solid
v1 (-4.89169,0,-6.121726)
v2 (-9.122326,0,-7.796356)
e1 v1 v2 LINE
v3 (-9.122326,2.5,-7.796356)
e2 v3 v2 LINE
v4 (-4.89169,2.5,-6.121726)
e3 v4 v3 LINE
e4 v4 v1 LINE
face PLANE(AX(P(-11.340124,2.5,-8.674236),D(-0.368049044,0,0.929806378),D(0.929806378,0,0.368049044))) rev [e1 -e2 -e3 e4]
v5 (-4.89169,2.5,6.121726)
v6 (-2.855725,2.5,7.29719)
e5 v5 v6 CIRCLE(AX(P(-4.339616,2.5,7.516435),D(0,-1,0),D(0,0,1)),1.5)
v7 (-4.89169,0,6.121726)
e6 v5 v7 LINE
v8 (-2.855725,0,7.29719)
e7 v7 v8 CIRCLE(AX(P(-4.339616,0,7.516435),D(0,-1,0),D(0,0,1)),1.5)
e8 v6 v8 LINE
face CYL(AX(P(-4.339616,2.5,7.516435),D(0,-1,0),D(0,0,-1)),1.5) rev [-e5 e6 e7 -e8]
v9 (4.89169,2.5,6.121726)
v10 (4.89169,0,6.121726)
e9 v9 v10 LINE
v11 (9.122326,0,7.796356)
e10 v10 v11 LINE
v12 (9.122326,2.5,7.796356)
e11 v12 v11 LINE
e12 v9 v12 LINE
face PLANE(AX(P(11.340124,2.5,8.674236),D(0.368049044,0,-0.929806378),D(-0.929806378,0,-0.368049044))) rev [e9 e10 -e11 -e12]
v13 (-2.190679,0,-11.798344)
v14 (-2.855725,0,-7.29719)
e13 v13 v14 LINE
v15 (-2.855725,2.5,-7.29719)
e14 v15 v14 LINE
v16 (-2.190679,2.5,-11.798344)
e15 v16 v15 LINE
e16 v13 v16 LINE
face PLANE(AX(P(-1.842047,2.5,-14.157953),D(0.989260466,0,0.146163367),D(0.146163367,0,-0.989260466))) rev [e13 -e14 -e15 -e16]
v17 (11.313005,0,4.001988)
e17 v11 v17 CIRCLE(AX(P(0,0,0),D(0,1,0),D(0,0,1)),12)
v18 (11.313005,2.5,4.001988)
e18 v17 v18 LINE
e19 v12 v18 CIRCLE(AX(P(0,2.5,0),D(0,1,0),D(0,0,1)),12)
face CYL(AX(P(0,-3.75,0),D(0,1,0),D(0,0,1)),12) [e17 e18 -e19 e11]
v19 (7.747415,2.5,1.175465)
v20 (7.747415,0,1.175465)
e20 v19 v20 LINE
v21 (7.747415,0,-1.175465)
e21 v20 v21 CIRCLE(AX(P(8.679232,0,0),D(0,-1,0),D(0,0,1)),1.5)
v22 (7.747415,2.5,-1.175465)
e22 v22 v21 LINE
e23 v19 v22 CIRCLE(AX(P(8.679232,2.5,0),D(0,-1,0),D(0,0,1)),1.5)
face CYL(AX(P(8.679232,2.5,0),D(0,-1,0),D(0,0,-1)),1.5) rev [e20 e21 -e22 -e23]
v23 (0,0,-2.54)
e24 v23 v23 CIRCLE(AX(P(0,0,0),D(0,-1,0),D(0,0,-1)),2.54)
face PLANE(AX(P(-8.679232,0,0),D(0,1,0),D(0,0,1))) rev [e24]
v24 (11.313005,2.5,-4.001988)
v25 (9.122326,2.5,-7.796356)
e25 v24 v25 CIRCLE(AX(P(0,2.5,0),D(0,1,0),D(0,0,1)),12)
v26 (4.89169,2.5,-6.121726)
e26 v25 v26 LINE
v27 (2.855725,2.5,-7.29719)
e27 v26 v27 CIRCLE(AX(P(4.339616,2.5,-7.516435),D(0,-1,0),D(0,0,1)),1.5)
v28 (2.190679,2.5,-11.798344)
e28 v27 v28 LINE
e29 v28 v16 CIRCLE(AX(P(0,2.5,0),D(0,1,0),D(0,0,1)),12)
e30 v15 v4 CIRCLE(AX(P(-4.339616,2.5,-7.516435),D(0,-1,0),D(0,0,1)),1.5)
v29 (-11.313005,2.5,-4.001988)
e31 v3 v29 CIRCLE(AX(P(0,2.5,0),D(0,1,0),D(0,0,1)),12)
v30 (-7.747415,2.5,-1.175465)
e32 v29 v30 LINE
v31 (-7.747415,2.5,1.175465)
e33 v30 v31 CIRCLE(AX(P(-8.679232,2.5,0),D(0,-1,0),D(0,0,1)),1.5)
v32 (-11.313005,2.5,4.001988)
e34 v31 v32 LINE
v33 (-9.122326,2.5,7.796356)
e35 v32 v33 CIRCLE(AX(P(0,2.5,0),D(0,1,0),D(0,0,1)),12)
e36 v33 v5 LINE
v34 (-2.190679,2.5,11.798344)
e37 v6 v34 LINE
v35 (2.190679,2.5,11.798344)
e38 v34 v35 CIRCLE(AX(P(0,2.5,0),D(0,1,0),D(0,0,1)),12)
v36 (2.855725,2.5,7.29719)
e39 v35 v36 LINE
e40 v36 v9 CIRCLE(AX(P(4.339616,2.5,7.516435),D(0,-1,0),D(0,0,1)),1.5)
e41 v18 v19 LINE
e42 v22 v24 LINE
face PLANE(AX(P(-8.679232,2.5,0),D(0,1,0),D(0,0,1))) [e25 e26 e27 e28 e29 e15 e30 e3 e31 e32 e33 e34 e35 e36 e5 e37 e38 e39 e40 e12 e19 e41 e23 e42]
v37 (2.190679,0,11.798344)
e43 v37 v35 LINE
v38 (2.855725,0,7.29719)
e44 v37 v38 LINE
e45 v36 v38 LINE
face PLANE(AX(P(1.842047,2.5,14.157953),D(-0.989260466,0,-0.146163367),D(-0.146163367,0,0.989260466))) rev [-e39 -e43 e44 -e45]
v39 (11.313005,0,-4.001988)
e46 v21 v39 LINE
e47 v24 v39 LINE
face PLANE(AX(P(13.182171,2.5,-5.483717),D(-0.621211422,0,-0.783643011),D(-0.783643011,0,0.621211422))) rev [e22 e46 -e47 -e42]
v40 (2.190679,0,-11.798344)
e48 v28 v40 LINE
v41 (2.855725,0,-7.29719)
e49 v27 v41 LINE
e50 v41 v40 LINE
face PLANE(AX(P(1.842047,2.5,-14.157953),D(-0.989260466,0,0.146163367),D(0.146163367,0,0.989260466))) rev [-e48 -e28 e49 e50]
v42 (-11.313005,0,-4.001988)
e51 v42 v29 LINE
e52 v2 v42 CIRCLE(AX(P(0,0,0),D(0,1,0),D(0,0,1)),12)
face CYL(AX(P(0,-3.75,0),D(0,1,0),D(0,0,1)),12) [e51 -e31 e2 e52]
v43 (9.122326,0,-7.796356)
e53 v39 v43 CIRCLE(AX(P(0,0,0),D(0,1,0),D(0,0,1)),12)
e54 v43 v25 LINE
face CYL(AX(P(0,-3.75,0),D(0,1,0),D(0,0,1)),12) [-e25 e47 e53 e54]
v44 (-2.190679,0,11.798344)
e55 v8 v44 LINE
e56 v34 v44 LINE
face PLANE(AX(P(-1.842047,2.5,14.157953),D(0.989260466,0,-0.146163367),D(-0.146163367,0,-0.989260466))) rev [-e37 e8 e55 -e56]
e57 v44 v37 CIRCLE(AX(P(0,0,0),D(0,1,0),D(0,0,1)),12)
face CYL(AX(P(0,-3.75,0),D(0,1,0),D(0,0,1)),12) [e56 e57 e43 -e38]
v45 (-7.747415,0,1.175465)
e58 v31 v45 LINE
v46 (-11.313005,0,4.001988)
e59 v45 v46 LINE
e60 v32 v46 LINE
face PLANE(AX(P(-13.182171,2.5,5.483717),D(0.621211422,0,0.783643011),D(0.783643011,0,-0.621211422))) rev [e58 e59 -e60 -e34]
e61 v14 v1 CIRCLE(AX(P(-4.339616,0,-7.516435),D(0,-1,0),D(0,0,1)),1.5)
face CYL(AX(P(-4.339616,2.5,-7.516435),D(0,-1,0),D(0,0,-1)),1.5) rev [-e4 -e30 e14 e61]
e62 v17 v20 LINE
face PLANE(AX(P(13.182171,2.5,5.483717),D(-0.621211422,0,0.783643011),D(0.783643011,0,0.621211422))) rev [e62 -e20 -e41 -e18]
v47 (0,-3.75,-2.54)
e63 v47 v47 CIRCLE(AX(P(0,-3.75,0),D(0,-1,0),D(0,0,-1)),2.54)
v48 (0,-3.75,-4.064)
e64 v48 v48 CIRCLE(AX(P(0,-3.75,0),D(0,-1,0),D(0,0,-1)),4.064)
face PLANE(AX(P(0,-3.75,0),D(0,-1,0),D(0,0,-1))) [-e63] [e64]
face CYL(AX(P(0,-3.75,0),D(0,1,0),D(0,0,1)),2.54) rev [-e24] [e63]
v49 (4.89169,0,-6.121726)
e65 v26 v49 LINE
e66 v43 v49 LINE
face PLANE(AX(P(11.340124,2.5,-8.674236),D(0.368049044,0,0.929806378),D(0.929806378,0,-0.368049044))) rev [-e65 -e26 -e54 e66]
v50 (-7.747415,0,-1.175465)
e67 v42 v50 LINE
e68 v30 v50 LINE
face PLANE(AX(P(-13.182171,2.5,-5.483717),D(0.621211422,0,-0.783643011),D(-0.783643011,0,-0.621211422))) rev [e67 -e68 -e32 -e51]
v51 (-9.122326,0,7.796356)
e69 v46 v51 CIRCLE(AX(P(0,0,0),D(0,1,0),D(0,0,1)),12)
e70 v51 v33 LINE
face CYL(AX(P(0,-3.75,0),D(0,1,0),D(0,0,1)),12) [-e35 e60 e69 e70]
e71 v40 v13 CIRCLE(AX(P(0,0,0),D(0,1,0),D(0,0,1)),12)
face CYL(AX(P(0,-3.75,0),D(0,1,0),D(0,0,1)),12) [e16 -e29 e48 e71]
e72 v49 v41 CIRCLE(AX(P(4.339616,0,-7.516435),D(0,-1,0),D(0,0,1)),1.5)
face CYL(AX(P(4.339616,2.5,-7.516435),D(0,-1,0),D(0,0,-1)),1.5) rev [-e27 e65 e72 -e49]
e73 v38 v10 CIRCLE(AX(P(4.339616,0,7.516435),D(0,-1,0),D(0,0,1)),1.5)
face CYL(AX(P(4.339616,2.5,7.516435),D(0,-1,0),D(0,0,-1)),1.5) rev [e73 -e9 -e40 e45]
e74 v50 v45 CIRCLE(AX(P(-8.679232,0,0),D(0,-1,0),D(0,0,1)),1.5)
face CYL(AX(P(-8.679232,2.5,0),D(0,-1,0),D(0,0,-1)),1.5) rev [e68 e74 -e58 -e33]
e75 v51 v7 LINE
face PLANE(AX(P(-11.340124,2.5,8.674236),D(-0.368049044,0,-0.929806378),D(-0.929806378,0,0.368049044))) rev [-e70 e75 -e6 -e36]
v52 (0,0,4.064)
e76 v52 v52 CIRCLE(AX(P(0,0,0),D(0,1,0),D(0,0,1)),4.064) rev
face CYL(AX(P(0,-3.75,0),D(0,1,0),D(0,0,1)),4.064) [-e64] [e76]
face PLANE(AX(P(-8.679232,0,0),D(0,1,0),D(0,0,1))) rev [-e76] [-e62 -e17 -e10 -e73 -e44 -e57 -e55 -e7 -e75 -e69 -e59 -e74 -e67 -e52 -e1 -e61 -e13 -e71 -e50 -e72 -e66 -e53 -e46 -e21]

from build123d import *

# Parameters (mm, degrees)
EXTRUDE_1_DEPTH     = 2.5
SKETCH_2_R          = 4.064
SKETCH_2_R_2        = 2.54
EXTRUDE_2_DEPTH     = 3.75
SKETCH_3_R          = 18.887467654
SKETCH_3_R_2        = 12
CUT_EXTRUDE_3_DEPTH = 23.225268927


with BuildPart() as part:
    # Эскиз1 → Вытянуть1 (new body)
    with BuildSketch(Plane(origin=(0, 0, 0), x_dir=(1, 0, 0), z_dir=(0, 1, 0))):
        with BuildLine():
            Line((-1.842046714, -14.157953286), (-2.855725348, -7.29719043))
            ThreePointArc((-2.855725348, -7.29719043), (-3.589616048, -6.217397374), (-4.891689614, -6.121725913))
            Line((-4.891689614, -6.121725913), (-11.340123854, -8.674235892))
            ThreePointArc((-11.340123854, -8.674235892), (-13.856406461, -8), (-13.182170568, -5.483717394))
            Line((-13.182170568, -5.483717394), (-7.747414963, -1.175464517))
            ThreePointArc((-7.747414963, -1.175464517), (-7.179232096, 0), (-7.747414963, 1.175464517))
            Line((-7.747414963, 1.175464517), (-13.182170568, 5.483717394))
            ThreePointArc((-13.182170568, 5.483717394), (-13.856406461, 8), (-11.340123854, 8.674235892))
            Line((-11.340123854, 8.674235892), (-4.891689614, 6.121725913))
            ThreePointArc((-4.891689614, 6.121725913), (-3.589616048, 6.217397374), (-2.855725348, 7.29719043))
            Line((-2.855725348, 7.29719043), (-1.842046714, 14.157953286))
            ThreePointArc((-1.842046714, 14.157953286), (0, 16), (1.842046714, 14.157953286))
            Line((1.842046714, 14.157953286), (2.855725348, 7.29719043))
            ThreePointArc((2.855725348, 7.29719043), (3.589616048, 6.217397374), (4.891689614, 6.121725913))
            Line((4.891689614, 6.121725913), (11.340123854, 8.674235892))
            ThreePointArc((11.340123854, 8.674235892), (13.856406461, 8), (13.182170568, 5.483717394))
            Line((13.182170568, 5.483717394), (7.747414963, 1.175464517))
            ThreePointArc((7.747414963, 1.175464517), (7.179232096, 0), (7.747414963, -1.175464517))
            Line((7.747414963, -1.175464517), (13.182170568, -5.483717394))
            ThreePointArc((13.182170568, -5.483717394), (13.856406461, -8), (11.340123854, -8.674235892))
            Line((11.340123854, -8.674235892), (4.891689614, -6.121725913))
            ThreePointArc((4.891689614, -6.121725913), (3.589616048, -6.217397374), (2.855725348, -7.29719043))
            Line((2.855725348, -7.29719043), (1.842046714, -14.157953286))
            ThreePointArc((1.842046714, -14.157953286), (0, -16), (-1.842046714, -14.157953286))
        make_face()
    extrude(amount=EXTRUDE_1_DEPTH)

    # Эскиз2 → Вытянуть2 (add)
    with BuildSketch(Plane.XZ):
        with Locations(Location((0, 0, 0), (0, 0, 90))):
            Circle(SKETCH_2_R)
        with Locations(Location((0, 0, 0), (0, 0, 270))):
            Circle(SKETCH_2_R_2, mode=Mode.SUBTRACT)
    extrude(amount=EXTRUDE_2_DEPTH)

    # Эскиз3 → Вытянуть3 (cut, through all)
    with BuildSketch(Plane(origin=(0, 2.5, 0), x_dir=(-1, 0, 0), z_dir=(0, 1, 0))):
        Circle(SKETCH_3_R)
        Circle(SKETCH_3_R_2, mode=Mode.SUBTRACT)
    extrude(amount=-CUT_EXTRUDE_3_DEPTH, mode=Mode.SUBTRACT)


solid = part.part
